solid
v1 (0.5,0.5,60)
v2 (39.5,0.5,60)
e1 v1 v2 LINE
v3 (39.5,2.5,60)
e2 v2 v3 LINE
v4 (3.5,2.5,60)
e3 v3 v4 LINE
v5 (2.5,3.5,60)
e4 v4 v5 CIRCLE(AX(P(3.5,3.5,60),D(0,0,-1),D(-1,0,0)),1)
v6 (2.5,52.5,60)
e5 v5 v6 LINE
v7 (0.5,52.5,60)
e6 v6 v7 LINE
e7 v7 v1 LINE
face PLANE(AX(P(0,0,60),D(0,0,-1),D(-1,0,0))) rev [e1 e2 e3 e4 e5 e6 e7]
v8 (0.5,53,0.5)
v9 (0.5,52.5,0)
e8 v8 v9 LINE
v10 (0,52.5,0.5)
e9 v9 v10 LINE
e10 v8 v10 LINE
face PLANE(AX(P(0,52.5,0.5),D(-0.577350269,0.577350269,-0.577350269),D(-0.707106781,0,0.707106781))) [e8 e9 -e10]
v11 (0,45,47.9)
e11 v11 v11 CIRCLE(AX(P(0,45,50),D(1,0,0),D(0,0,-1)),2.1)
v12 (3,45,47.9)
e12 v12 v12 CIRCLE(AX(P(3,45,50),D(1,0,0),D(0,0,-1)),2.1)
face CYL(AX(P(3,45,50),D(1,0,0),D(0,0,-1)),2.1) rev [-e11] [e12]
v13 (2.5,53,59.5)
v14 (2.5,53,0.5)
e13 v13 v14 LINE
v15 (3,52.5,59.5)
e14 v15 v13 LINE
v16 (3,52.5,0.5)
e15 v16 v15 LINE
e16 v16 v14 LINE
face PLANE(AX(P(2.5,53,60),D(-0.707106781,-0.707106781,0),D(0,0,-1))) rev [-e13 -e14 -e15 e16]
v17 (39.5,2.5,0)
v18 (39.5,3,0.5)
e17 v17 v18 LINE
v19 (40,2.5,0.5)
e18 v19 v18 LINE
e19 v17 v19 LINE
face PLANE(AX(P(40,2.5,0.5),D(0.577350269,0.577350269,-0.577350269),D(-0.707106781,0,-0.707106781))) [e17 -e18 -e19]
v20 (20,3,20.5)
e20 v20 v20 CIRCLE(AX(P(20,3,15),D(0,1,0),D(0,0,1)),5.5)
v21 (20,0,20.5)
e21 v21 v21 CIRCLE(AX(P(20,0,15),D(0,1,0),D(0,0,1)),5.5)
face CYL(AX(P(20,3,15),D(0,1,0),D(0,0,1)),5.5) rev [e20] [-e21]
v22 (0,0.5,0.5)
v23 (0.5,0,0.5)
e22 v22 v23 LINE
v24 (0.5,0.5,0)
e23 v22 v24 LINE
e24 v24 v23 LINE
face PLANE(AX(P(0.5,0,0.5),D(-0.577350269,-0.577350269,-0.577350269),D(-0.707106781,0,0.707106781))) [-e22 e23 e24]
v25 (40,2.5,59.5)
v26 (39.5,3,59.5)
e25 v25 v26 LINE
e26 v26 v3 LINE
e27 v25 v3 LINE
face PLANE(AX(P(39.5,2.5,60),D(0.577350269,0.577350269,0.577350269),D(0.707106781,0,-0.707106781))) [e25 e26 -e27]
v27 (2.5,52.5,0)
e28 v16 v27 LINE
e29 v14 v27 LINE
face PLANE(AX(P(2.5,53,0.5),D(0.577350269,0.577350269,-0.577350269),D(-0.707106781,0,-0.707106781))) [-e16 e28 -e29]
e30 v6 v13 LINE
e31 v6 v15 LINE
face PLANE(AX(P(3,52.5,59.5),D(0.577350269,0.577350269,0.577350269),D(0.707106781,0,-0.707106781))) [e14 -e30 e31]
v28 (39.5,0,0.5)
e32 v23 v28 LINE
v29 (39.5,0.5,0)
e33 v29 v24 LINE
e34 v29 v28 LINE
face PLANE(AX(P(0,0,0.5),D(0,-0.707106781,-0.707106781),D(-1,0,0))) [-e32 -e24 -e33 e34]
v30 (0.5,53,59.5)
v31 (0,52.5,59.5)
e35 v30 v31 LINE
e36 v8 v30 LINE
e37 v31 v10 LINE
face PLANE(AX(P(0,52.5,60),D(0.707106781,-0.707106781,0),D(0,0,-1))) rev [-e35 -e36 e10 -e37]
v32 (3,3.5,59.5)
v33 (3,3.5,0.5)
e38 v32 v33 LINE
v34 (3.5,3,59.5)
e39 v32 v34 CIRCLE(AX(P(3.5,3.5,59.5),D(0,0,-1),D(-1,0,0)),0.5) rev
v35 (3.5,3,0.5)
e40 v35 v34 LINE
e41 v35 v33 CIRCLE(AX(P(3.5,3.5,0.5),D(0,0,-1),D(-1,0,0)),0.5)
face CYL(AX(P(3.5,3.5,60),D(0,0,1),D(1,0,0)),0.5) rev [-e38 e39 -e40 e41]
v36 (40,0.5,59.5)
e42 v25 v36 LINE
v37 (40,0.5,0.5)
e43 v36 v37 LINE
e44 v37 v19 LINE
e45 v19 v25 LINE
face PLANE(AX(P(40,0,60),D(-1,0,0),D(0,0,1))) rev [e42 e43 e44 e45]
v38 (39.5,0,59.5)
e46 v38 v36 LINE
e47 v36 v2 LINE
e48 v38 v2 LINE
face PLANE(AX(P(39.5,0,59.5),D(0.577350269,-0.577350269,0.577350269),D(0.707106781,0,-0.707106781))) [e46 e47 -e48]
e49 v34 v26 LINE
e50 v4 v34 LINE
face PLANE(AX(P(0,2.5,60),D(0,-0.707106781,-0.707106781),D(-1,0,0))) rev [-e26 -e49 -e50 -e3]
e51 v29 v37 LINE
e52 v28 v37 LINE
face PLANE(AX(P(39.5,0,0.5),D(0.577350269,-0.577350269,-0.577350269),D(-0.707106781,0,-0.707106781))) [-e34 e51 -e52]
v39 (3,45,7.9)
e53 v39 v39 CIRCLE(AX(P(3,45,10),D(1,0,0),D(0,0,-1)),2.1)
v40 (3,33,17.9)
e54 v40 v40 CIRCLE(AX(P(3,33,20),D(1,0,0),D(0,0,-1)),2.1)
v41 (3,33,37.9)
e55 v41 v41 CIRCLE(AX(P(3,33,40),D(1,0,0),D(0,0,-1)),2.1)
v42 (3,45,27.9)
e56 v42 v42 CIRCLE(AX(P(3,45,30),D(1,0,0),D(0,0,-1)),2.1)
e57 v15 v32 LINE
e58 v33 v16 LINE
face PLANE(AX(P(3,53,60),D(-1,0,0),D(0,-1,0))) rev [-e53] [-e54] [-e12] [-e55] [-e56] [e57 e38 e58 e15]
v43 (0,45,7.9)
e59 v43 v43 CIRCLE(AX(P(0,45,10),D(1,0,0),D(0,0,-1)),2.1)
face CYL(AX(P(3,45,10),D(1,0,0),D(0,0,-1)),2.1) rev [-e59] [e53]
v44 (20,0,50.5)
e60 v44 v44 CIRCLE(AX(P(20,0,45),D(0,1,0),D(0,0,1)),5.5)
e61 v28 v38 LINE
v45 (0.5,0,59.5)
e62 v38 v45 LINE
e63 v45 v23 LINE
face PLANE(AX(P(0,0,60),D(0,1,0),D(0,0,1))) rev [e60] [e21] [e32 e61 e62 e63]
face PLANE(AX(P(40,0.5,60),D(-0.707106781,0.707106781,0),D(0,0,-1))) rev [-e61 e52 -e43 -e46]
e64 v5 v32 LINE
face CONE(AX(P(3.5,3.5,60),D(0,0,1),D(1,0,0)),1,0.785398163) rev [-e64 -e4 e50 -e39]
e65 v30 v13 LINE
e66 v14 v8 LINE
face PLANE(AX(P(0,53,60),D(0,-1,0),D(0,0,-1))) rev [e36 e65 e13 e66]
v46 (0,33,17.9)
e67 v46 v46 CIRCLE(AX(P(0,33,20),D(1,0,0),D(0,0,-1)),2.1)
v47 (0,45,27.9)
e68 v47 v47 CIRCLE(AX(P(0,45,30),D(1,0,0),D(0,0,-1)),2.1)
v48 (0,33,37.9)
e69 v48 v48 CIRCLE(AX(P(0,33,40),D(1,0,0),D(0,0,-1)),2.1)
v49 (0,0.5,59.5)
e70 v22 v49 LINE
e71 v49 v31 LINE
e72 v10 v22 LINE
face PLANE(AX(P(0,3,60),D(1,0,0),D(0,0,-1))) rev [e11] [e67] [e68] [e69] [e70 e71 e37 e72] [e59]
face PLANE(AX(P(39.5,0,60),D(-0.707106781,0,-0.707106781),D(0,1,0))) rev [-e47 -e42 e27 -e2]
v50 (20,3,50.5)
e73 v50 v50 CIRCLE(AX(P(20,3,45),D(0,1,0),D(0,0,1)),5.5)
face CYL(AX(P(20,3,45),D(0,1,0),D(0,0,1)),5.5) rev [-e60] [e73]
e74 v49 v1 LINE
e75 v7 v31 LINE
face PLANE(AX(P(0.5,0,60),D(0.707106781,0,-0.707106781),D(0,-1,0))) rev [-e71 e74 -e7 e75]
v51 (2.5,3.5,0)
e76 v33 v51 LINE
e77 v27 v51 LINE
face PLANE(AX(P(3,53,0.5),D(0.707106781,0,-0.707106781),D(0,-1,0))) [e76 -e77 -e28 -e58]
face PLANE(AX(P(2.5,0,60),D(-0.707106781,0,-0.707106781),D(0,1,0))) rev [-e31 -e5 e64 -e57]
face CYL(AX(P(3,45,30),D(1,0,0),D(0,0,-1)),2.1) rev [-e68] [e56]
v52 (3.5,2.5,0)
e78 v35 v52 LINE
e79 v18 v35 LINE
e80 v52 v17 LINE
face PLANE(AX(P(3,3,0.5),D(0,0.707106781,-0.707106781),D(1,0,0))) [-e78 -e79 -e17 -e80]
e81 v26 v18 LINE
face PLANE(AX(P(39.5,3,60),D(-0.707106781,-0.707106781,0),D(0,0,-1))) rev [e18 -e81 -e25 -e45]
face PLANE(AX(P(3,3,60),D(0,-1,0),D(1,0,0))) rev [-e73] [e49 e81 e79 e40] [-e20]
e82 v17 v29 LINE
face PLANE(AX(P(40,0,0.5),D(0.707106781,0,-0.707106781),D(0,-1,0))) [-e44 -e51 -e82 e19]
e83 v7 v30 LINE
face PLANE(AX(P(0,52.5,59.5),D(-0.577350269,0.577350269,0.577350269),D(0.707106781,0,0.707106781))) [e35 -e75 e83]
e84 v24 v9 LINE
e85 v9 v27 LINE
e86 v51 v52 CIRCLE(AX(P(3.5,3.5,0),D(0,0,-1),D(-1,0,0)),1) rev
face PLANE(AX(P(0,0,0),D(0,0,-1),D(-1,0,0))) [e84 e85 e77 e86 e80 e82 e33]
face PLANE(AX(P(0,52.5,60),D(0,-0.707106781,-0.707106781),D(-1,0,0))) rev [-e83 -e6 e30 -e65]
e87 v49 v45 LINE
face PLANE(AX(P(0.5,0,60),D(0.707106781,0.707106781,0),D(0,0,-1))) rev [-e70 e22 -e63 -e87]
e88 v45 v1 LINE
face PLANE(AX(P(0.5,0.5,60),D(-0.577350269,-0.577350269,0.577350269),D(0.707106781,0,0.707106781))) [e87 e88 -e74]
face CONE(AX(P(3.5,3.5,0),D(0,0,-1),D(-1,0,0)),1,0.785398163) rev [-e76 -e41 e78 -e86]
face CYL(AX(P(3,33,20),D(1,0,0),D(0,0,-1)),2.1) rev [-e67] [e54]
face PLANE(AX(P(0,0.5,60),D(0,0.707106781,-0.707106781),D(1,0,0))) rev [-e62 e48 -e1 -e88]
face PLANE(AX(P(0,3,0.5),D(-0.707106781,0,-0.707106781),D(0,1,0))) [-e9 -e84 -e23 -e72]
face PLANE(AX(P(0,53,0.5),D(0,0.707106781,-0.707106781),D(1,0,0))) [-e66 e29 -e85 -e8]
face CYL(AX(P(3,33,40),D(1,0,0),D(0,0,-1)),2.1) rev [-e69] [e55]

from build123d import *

# Parameters (mm, degrees)
DODANIE_WYCI_GNI_CIE1_DEPTH    = 60
OTWORY_USTALAJ_CE_1_0MM1_D     = 11
OTWORY_USTALAJ_CE_1_0MM1_DEPTH = 22.25
OTWORY_USTALAJ_CE_1_0MM1_TIP   = 3.304733405
OTW_R_GWINTOWANY_M51_D         = 4.2
OTW_R_GWINTOWANY_M51_DEPTH     = 14
OTW_R_GWINTOWANY_M51_TIP       = 1.2618073
ZAOKR_GLENIE1_R                = 0.5
SFAZOWANIE3_SIZE               = 0.5


with BuildPart() as part:
    # Szkic1 → Dodanie-wyciągnięcie1 (new body)
    with BuildSketch(Plane.XY):
        Polygon((0, 3), (0, 53), (3, 53), (3, 3), (40, 3), (40, 0), (0, 0), align=None)
    extrude(amount=DODANIE_WYCI_GNI_CIE1_DEPTH)

    # Otwory ustalające Ø1.0mm1
    with Locations(Plane(origin=(0, 3, 0), x_dir=(1, 0, 0), z_dir=(0, 1, 0))):
        with Locations((20, -45), (20, -15)):
            Hole(OTWORY_USTALAJ_CE_1_0MM1_D / 2, depth=OTWORY_USTALAJ_CE_1_0MM1_DEPTH)
            with Locations((0, 0, -(OTWORY_USTALAJ_CE_1_0MM1_DEPTH + OTWORY_USTALAJ_CE_1_0MM1_TIP / 2))):  # 118° drill point
                Cone(0, OTWORY_USTALAJ_CE_1_0MM1_D / 2, OTWORY_USTALAJ_CE_1_0MM1_TIP, mode=Mode.SUBTRACT)

    # Otwór gwintowany M51
    with Locations(Plane(origin=(3, 0, 0), x_dir=(0, 0, -1), z_dir=(1, 0, 0))):
        with Locations((-50, 45), (-40, 33), (-30, 45), (-20, 33), (-10, 45)):
            Hole(OTW_R_GWINTOWANY_M51_D / 2, depth=OTW_R_GWINTOWANY_M51_DEPTH)
            with Locations((0, 0, -(OTW_R_GWINTOWANY_M51_DEPTH + OTW_R_GWINTOWANY_M51_TIP / 2))):  # 118° drill point
                Cone(0, OTW_R_GWINTOWANY_M51_D / 2, OTW_R_GWINTOWANY_M51_TIP, mode=Mode.SUBTRACT)

    # Zaokrąglenie1
    zaokr_glenie1_edges = [part.edges().sort_by_distance(p)[0] for p in [
        (3, 3, 30),
    ]]
    fillet(zaokr_glenie1_edges, radius=ZAOKR_GLENIE1_R)

    # Sfazowanie3
    sfazowanie3_edges = [part.edges().sort_by_distance(p)[0] for p in [
        (0, 53, 30),
        (3, 53, 30),
        (40, 1.5, 60),
        (40, 3, 30),
        (40, 0, 30),
        (0, 0, 30),
        (21.75, 3, 60),
        (1.5, 53, 60),
        (0, 26.5, 60),
        (3, 28.25, 0),
        (3, 28.25, 60),
        (3.146446609, 3.146446609, 0),
        (3.146446609, 3.146446609, 60),
        (0, 26.5, 0),
        (1.5, 53, 0),
        (21.75, 3, 0),
        (20, 0, 60),
        (40, 1.5, 0),
        (20, 0, 0),
    ]]
    chamfer(sfazowanie3_edges, length=SFAZOWANIE3_SIZE)


solid = part.part
